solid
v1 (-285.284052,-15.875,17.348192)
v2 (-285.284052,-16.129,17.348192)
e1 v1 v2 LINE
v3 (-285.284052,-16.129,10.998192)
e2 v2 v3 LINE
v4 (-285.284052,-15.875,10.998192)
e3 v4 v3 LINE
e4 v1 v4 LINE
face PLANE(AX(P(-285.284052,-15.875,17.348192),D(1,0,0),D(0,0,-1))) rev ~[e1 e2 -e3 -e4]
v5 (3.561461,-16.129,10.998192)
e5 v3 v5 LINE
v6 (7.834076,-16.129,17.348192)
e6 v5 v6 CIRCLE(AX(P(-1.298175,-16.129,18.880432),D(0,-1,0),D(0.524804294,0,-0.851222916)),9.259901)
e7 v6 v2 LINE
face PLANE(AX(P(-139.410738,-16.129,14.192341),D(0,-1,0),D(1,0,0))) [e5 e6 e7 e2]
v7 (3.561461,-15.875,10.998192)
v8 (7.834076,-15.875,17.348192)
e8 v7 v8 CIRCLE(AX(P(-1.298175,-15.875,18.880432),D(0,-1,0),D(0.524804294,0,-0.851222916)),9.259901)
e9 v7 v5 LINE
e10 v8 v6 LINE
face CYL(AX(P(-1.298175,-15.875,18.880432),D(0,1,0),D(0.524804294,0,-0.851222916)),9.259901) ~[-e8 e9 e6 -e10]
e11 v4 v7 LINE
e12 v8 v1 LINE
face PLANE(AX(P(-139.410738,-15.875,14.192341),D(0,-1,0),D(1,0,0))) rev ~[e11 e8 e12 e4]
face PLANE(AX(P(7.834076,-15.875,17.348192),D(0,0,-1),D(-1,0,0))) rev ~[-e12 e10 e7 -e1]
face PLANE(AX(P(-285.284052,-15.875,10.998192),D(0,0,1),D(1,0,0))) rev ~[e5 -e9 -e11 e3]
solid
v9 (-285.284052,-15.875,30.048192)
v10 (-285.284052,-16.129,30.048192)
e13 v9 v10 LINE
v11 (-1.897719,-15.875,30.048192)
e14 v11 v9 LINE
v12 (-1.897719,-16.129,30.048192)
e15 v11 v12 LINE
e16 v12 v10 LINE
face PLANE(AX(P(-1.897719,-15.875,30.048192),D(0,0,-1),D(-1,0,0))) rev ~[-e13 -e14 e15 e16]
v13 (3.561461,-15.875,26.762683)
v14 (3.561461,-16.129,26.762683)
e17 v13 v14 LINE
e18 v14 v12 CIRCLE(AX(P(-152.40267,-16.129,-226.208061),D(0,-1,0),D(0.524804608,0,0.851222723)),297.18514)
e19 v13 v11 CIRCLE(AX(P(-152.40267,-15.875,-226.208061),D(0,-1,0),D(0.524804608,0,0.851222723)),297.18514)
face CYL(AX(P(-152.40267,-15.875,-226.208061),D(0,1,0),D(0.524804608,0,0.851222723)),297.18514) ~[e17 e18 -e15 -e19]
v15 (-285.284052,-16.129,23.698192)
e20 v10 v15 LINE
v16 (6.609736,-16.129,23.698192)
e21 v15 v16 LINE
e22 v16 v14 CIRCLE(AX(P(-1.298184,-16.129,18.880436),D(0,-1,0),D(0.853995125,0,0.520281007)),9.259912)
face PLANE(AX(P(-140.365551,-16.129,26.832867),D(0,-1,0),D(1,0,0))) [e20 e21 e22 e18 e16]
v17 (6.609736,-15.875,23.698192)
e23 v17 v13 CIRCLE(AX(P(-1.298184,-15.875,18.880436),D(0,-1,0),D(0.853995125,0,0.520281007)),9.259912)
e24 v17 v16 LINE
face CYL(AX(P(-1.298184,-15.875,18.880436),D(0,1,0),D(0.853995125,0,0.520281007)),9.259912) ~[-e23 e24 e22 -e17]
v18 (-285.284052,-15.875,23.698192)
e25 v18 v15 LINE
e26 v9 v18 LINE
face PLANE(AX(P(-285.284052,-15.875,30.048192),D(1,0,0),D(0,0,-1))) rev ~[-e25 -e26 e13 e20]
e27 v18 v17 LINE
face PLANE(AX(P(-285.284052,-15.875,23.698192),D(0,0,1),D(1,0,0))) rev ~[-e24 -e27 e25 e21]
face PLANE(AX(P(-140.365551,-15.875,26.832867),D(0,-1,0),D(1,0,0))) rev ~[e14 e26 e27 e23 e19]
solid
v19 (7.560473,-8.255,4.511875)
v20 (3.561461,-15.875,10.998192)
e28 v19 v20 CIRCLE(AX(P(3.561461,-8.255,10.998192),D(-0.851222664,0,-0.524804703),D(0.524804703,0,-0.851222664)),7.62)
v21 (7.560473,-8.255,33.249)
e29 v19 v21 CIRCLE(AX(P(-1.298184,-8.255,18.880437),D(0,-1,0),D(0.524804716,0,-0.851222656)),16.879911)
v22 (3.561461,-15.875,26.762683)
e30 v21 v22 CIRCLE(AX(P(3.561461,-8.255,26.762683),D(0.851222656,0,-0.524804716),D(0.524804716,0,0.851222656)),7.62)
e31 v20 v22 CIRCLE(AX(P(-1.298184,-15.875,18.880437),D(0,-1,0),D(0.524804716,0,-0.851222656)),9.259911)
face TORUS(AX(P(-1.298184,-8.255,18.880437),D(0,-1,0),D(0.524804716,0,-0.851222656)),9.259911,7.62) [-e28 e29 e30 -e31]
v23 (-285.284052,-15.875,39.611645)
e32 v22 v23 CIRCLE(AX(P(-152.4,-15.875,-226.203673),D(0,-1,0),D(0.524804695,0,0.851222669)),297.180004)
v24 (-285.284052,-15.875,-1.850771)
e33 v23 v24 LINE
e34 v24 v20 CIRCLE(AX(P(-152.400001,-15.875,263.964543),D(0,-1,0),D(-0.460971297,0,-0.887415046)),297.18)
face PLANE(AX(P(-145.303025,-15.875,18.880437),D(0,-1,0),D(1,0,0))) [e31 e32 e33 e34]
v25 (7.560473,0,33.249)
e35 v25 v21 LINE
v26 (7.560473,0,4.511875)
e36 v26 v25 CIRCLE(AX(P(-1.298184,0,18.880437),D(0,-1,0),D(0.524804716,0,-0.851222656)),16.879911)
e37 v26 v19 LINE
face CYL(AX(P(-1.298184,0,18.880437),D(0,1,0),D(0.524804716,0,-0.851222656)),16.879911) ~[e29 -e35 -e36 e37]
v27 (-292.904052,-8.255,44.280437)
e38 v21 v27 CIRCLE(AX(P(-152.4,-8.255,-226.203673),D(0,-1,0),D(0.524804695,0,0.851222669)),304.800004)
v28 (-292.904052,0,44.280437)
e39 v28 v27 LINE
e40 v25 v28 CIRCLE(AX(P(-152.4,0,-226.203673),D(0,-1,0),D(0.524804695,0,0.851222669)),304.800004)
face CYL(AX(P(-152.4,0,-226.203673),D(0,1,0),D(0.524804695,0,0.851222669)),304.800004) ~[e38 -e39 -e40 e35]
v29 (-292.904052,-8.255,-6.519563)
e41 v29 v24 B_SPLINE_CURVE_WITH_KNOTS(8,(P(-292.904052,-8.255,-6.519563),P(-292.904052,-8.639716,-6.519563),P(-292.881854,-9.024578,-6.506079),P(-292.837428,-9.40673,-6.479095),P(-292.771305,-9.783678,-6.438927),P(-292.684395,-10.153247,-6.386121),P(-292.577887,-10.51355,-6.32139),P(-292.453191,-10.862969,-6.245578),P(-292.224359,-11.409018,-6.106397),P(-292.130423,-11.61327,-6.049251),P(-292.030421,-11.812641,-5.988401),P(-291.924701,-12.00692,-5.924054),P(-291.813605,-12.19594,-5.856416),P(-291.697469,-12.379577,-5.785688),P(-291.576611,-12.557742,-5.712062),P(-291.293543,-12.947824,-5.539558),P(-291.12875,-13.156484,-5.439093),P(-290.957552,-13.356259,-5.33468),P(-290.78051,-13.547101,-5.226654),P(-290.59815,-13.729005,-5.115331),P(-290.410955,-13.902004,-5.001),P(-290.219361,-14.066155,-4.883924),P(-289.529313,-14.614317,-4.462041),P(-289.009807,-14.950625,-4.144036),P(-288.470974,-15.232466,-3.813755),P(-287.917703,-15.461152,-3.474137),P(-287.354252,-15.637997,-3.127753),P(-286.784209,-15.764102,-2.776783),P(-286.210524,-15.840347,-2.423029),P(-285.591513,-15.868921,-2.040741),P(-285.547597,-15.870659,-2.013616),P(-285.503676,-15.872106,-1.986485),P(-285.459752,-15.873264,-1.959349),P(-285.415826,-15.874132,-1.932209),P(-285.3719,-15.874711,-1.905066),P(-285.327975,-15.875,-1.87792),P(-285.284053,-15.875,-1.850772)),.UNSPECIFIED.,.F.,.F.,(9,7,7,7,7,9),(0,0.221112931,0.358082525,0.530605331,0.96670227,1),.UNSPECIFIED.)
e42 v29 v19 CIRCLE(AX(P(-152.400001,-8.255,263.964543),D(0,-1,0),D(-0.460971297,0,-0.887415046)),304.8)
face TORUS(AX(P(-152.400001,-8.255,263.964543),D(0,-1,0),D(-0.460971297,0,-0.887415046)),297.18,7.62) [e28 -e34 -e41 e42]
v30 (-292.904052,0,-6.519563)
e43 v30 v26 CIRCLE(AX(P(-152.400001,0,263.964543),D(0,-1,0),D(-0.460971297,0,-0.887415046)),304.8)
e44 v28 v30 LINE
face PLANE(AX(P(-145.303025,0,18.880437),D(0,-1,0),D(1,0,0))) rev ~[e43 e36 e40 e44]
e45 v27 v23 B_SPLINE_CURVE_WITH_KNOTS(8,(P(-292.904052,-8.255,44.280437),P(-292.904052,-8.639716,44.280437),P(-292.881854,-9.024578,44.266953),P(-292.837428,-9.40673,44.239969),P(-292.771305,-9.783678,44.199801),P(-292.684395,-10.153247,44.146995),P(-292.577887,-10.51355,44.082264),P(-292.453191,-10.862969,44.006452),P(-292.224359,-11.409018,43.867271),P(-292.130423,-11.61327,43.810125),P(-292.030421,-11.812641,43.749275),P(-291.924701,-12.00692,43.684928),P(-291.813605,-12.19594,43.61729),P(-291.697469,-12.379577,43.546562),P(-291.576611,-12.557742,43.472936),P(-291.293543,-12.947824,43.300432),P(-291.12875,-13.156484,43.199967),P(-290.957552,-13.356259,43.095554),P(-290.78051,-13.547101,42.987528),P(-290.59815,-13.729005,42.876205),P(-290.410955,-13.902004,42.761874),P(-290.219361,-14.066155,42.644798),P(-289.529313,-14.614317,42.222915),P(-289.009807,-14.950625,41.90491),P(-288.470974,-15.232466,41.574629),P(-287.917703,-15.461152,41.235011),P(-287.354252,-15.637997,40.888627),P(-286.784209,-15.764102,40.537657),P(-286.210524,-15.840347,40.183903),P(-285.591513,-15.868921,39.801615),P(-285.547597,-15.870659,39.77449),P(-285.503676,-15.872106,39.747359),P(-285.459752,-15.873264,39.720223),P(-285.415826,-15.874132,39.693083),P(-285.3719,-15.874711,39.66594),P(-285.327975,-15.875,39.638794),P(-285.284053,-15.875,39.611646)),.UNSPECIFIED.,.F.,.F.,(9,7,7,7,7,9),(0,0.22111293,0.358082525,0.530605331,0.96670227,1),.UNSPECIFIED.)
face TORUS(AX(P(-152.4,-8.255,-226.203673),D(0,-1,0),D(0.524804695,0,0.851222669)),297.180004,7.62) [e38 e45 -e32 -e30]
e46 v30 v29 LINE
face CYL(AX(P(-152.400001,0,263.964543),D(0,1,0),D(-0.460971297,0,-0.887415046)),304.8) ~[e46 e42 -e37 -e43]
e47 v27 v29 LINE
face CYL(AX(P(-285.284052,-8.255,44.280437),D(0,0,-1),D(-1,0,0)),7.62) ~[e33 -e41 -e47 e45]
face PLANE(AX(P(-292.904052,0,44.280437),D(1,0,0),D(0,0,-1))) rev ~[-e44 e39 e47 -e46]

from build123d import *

# Parameters (mm, degrees)
F1_DEPTH = 15.875
F2_R     = 7.62
F4_DEPTH = 0.254


with BuildPart() as f1:
    # F0 (on Front) → F1 (new body)
    with BuildSketch(Plane.XZ):
        with BuildLine():
            Line((-292.904052, 44.280437), (-292.904052, -6.519563))
            ThreePointArc((-292.904052, -6.519563), (-141.216922, -40.630235), (7.560473, 4.511875))
            ThreePointArc((7.560473, 4.511875), (15.581727, 18.880437), (7.560473, 33.249))
            ThreePointArc((7.560473, 33.249), (-141.216922, 78.391109), (-292.904052, 44.280437))
        make_face()
    extrude(amount=F1_DEPTH)

    # F2
    f2_edges = [f1.edges().sort_by_distance(p)[0] for p in [
        (-292.904052, -15.875, 18.880437),
        (-141.216922, -15.875, -40.630235),
        (15.581727, -15.875, 18.880437),
        (-141.216922, -15.875, 78.391109),
    ]]
    fillet(f2_edges, radius=F2_R)


with BuildPart() as f4:
    # F3 (on face) → F4 (new body)
    with BuildSketch(Plane.XZ.offset(15.875)):
        with BuildLine():
            Line((-285.284052, 30.048192), (-285.284052, 23.698192))
            Line((-285.284052, 23.698192), (6.609736, 23.698192))
            ThreePointArc((6.609736, 23.698192), (5.26691, 25.410789), (3.561461, 26.762683))
            ThreePointArc((3.561461, 26.762683), (0.840677, 28.420068), (-1.897719, 30.048192))
            Line((-1.897719, 30.048192), (-285.284052, 30.048192))
        make_face()
        with BuildLine():
            Line((7.834076, 17.348192), (-285.284052, 17.348192))
            Line((-285.284052, 17.348192), (-285.284052, 10.998192))
            Line((-285.284052, 10.998192), (3.561461, 10.998192))
            ThreePointArc((3.561461, 10.998192), (6.384523, 13.711107), (7.834076, 17.348192))
        make_face()
    extrude(amount=F4_DEPTH)


solid = Compound([f1.part, f4.part])
